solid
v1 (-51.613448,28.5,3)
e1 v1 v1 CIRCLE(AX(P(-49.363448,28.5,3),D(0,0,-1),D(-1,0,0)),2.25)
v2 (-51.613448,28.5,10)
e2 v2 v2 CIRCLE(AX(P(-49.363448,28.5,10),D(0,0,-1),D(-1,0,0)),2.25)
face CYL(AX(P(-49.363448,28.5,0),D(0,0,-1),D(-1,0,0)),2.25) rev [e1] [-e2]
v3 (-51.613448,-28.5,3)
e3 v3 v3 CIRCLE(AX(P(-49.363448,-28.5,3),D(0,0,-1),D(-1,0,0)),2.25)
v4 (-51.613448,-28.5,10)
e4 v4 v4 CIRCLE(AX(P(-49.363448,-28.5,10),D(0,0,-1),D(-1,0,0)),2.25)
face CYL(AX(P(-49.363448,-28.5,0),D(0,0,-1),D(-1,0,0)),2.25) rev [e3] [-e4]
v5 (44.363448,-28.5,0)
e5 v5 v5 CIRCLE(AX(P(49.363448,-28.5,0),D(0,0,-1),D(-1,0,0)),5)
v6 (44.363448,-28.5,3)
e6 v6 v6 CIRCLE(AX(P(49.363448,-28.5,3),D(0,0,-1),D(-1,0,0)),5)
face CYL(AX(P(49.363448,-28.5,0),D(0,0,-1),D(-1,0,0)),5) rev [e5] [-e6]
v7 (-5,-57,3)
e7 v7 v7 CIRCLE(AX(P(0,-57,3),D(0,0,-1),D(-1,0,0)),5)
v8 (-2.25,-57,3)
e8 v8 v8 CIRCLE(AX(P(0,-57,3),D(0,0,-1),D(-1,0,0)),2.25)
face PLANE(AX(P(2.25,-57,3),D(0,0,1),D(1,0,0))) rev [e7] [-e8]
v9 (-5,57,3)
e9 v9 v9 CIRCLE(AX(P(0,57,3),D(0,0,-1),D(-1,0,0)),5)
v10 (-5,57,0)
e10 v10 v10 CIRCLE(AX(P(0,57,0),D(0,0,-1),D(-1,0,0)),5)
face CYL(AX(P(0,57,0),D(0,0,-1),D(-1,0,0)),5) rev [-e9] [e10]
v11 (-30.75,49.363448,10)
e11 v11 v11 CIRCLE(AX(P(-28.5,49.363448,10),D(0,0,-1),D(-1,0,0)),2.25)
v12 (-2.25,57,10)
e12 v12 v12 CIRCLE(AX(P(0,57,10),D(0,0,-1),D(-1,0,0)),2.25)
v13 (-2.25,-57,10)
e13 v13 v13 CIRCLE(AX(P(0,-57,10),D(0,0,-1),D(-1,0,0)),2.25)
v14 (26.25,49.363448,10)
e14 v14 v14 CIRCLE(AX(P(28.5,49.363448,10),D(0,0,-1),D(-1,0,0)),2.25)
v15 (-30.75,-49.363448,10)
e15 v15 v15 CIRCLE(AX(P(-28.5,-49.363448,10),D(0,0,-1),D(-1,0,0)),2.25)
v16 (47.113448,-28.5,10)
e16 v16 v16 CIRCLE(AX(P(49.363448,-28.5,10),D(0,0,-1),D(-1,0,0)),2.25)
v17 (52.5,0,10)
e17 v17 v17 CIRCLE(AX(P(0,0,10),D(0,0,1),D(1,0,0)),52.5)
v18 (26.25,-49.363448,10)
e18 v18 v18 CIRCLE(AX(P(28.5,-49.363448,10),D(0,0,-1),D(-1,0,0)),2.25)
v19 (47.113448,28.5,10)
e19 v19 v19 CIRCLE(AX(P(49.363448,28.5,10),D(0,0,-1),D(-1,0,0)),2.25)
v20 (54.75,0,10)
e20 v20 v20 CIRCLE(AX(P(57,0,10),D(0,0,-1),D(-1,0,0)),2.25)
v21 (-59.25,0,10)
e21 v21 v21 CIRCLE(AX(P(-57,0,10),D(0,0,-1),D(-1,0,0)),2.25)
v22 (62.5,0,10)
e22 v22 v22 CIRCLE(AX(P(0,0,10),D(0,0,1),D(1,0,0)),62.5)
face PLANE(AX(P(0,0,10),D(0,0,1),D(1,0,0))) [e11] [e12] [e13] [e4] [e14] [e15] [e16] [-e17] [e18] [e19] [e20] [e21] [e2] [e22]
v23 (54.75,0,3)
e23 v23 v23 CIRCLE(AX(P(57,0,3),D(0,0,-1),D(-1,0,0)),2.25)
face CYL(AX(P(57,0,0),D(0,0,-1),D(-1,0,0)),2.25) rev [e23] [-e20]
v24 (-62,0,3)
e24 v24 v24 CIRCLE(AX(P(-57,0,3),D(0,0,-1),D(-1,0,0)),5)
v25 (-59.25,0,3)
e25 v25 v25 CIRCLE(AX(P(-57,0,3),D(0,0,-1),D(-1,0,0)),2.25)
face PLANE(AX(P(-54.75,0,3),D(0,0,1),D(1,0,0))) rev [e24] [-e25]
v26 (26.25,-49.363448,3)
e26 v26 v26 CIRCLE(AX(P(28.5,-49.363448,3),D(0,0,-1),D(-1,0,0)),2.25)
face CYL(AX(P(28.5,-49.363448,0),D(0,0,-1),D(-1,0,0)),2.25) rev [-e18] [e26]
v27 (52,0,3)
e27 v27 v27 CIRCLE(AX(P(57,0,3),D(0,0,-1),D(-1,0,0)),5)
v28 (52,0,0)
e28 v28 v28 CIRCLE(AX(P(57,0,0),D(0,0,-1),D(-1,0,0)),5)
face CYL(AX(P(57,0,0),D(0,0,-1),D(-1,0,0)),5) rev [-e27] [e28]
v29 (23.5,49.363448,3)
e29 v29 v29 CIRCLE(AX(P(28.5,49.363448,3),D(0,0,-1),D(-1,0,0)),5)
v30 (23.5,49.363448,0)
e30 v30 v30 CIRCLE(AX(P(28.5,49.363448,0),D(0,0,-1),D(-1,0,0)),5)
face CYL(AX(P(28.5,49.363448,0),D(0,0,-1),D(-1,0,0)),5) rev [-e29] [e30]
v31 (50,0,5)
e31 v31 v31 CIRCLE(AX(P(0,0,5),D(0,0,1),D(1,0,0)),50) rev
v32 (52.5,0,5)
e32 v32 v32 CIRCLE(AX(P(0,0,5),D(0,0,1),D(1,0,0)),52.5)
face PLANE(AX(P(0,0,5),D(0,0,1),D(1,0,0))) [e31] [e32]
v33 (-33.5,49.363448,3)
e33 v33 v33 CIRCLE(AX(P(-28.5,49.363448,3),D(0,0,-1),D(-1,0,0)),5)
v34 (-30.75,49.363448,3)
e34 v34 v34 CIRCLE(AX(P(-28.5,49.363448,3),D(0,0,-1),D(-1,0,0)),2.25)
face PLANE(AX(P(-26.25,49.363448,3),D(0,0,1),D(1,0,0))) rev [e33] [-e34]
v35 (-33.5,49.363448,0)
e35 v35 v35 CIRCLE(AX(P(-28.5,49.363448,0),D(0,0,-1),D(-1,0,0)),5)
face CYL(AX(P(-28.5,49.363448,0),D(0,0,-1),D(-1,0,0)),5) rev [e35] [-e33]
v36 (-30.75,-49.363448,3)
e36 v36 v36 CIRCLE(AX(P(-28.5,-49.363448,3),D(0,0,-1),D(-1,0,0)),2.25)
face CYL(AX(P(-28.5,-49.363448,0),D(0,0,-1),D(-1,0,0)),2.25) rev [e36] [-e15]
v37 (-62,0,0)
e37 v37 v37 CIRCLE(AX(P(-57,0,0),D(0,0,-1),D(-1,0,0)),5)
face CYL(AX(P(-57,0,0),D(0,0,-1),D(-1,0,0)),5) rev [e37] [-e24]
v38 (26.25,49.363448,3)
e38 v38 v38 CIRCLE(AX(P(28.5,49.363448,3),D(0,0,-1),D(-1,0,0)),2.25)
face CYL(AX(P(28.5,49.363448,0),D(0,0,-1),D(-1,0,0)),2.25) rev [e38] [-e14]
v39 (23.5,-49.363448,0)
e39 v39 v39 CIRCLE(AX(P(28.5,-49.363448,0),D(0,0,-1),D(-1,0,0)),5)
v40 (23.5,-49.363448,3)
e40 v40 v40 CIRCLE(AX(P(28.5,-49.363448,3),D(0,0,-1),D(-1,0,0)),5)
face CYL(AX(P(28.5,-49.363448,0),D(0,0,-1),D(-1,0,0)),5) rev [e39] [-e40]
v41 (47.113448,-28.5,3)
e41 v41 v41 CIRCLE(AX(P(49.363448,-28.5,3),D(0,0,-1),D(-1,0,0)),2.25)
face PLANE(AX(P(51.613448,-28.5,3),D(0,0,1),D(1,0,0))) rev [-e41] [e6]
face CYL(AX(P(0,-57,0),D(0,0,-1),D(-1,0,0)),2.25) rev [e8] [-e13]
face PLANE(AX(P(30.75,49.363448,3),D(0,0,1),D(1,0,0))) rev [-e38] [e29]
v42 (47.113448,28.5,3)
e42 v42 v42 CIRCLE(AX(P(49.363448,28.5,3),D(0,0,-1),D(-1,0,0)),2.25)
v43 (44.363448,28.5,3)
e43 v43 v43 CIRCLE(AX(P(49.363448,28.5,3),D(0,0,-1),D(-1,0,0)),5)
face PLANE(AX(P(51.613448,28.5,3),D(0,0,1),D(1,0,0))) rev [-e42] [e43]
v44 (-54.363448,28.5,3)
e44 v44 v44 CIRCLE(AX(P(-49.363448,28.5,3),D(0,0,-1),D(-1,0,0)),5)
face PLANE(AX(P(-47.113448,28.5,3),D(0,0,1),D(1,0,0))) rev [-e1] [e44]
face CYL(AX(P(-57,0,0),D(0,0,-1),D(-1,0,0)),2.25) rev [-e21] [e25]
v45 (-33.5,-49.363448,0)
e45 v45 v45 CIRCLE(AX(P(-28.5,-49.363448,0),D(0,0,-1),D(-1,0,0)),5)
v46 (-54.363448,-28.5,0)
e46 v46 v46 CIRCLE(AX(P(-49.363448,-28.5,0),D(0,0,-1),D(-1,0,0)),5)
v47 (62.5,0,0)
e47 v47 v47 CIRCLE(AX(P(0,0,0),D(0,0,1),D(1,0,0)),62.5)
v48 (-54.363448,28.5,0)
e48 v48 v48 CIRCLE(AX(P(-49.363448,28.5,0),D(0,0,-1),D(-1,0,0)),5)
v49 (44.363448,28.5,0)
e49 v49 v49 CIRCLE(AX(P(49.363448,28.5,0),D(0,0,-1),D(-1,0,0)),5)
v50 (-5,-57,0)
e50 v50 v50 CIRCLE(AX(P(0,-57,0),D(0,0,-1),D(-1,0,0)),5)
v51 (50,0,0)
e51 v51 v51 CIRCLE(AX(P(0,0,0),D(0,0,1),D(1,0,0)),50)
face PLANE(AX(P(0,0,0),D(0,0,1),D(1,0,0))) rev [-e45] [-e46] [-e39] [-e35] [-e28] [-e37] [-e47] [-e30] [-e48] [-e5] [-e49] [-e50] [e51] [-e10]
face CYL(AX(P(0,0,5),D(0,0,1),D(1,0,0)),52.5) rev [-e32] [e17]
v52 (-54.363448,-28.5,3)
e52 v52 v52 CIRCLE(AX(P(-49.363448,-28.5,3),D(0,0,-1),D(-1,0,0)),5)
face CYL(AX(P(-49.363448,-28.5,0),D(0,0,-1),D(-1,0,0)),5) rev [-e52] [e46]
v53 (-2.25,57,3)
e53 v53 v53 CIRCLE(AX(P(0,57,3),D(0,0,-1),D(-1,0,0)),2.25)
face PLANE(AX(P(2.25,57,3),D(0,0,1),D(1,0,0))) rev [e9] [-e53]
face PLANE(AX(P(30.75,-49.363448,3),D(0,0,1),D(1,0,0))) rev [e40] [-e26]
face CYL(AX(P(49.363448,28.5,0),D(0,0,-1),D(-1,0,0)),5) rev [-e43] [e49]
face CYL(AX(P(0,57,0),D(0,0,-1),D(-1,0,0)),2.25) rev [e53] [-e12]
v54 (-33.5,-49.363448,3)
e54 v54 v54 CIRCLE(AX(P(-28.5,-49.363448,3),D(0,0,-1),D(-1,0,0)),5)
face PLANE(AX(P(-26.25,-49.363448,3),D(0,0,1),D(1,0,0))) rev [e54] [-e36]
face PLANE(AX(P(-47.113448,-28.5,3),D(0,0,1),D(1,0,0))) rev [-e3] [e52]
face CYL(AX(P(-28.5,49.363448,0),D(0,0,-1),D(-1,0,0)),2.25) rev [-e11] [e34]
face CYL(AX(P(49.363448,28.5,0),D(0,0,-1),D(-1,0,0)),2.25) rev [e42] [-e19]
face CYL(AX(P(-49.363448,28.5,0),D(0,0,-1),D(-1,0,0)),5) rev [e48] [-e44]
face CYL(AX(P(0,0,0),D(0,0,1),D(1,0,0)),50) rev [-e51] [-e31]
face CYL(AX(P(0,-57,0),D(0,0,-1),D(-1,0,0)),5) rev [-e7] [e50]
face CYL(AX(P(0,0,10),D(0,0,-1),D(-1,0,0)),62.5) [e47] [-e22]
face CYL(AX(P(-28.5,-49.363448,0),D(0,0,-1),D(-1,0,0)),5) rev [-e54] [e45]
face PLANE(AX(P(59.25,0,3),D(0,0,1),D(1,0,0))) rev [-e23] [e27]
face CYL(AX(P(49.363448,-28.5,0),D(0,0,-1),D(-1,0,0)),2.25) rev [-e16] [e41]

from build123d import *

# Parameters (mm, degrees)
SKETCH_1_R                = 62.5
EXTRUDE_1_DEPTH           = 10
SKETCH_2_R                = 50
CUT_EXTRUDE_1_DEPTH       = 89.952234373
SKETCH_3_R                = 52.5
CUT_EXTRUDE_2_DEPTH       = 5
HOLE_WIZARD_9_D           = 4.5
HOLE_WIZARD_9_CBORE_D     = 10
HOLE_WIZARD_9_CBORE_DEPTH = 3
PATTERN_CIRCULAR_1_COUNT  = 12


with BuildPart() as part:
    # 草图1 → 凸台-拉伸1 (new body)
    with BuildSketch(Plane.XY):
        Circle(SKETCH_1_R)
    extrude(amount=EXTRUDE_1_DEPTH)

    # 草图2 → 切除-拉伸1 (cut, through all)
    with BuildSketch(Plane.XY.offset(10)):
        Circle(SKETCH_2_R)
    extrude(amount=-CUT_EXTRUDE_1_DEPTH, mode=Mode.SUBTRACT)

    # 草图3 → 切除-拉伸2 (cut)
    with BuildSketch(Plane.XY.offset(10)):
        Circle(SKETCH_3_R)
    extrude(amount=-CUT_EXTRUDE_2_DEPTH, mode=Mode.SUBTRACT)

    # 打孔尺寸(%根据六角头螺)栓 全螺纹的类型9 (through all)
    with Locations(Plane(origin=(0, 0, 0), x_dir=(-1, 0, 0), z_dir=(0, 0, -1))):
        with Locations((0, 57)):
            hole_wizard_9 = CounterBoreHole(HOLE_WIZARD_9_D / 2, HOLE_WIZARD_9_CBORE_D / 2, HOLE_WIZARD_9_CBORE_DEPTH)

    # 阵列(圆周)1: 打孔尺寸(%根据六角头螺)栓 全螺纹的类型9 ×12 about axis
    pattern_circular_1_axis = Axis((0, 0, 0), (0, 0, 1))
    for i in range(1, PATTERN_CIRCULAR_1_COUNT):
        add(hole_wizard_9.rotate(pattern_circular_1_axis, i * 360 / PATTERN_CIRCULAR_1_COUNT), mode=Mode.SUBTRACT)


solid = part.part
